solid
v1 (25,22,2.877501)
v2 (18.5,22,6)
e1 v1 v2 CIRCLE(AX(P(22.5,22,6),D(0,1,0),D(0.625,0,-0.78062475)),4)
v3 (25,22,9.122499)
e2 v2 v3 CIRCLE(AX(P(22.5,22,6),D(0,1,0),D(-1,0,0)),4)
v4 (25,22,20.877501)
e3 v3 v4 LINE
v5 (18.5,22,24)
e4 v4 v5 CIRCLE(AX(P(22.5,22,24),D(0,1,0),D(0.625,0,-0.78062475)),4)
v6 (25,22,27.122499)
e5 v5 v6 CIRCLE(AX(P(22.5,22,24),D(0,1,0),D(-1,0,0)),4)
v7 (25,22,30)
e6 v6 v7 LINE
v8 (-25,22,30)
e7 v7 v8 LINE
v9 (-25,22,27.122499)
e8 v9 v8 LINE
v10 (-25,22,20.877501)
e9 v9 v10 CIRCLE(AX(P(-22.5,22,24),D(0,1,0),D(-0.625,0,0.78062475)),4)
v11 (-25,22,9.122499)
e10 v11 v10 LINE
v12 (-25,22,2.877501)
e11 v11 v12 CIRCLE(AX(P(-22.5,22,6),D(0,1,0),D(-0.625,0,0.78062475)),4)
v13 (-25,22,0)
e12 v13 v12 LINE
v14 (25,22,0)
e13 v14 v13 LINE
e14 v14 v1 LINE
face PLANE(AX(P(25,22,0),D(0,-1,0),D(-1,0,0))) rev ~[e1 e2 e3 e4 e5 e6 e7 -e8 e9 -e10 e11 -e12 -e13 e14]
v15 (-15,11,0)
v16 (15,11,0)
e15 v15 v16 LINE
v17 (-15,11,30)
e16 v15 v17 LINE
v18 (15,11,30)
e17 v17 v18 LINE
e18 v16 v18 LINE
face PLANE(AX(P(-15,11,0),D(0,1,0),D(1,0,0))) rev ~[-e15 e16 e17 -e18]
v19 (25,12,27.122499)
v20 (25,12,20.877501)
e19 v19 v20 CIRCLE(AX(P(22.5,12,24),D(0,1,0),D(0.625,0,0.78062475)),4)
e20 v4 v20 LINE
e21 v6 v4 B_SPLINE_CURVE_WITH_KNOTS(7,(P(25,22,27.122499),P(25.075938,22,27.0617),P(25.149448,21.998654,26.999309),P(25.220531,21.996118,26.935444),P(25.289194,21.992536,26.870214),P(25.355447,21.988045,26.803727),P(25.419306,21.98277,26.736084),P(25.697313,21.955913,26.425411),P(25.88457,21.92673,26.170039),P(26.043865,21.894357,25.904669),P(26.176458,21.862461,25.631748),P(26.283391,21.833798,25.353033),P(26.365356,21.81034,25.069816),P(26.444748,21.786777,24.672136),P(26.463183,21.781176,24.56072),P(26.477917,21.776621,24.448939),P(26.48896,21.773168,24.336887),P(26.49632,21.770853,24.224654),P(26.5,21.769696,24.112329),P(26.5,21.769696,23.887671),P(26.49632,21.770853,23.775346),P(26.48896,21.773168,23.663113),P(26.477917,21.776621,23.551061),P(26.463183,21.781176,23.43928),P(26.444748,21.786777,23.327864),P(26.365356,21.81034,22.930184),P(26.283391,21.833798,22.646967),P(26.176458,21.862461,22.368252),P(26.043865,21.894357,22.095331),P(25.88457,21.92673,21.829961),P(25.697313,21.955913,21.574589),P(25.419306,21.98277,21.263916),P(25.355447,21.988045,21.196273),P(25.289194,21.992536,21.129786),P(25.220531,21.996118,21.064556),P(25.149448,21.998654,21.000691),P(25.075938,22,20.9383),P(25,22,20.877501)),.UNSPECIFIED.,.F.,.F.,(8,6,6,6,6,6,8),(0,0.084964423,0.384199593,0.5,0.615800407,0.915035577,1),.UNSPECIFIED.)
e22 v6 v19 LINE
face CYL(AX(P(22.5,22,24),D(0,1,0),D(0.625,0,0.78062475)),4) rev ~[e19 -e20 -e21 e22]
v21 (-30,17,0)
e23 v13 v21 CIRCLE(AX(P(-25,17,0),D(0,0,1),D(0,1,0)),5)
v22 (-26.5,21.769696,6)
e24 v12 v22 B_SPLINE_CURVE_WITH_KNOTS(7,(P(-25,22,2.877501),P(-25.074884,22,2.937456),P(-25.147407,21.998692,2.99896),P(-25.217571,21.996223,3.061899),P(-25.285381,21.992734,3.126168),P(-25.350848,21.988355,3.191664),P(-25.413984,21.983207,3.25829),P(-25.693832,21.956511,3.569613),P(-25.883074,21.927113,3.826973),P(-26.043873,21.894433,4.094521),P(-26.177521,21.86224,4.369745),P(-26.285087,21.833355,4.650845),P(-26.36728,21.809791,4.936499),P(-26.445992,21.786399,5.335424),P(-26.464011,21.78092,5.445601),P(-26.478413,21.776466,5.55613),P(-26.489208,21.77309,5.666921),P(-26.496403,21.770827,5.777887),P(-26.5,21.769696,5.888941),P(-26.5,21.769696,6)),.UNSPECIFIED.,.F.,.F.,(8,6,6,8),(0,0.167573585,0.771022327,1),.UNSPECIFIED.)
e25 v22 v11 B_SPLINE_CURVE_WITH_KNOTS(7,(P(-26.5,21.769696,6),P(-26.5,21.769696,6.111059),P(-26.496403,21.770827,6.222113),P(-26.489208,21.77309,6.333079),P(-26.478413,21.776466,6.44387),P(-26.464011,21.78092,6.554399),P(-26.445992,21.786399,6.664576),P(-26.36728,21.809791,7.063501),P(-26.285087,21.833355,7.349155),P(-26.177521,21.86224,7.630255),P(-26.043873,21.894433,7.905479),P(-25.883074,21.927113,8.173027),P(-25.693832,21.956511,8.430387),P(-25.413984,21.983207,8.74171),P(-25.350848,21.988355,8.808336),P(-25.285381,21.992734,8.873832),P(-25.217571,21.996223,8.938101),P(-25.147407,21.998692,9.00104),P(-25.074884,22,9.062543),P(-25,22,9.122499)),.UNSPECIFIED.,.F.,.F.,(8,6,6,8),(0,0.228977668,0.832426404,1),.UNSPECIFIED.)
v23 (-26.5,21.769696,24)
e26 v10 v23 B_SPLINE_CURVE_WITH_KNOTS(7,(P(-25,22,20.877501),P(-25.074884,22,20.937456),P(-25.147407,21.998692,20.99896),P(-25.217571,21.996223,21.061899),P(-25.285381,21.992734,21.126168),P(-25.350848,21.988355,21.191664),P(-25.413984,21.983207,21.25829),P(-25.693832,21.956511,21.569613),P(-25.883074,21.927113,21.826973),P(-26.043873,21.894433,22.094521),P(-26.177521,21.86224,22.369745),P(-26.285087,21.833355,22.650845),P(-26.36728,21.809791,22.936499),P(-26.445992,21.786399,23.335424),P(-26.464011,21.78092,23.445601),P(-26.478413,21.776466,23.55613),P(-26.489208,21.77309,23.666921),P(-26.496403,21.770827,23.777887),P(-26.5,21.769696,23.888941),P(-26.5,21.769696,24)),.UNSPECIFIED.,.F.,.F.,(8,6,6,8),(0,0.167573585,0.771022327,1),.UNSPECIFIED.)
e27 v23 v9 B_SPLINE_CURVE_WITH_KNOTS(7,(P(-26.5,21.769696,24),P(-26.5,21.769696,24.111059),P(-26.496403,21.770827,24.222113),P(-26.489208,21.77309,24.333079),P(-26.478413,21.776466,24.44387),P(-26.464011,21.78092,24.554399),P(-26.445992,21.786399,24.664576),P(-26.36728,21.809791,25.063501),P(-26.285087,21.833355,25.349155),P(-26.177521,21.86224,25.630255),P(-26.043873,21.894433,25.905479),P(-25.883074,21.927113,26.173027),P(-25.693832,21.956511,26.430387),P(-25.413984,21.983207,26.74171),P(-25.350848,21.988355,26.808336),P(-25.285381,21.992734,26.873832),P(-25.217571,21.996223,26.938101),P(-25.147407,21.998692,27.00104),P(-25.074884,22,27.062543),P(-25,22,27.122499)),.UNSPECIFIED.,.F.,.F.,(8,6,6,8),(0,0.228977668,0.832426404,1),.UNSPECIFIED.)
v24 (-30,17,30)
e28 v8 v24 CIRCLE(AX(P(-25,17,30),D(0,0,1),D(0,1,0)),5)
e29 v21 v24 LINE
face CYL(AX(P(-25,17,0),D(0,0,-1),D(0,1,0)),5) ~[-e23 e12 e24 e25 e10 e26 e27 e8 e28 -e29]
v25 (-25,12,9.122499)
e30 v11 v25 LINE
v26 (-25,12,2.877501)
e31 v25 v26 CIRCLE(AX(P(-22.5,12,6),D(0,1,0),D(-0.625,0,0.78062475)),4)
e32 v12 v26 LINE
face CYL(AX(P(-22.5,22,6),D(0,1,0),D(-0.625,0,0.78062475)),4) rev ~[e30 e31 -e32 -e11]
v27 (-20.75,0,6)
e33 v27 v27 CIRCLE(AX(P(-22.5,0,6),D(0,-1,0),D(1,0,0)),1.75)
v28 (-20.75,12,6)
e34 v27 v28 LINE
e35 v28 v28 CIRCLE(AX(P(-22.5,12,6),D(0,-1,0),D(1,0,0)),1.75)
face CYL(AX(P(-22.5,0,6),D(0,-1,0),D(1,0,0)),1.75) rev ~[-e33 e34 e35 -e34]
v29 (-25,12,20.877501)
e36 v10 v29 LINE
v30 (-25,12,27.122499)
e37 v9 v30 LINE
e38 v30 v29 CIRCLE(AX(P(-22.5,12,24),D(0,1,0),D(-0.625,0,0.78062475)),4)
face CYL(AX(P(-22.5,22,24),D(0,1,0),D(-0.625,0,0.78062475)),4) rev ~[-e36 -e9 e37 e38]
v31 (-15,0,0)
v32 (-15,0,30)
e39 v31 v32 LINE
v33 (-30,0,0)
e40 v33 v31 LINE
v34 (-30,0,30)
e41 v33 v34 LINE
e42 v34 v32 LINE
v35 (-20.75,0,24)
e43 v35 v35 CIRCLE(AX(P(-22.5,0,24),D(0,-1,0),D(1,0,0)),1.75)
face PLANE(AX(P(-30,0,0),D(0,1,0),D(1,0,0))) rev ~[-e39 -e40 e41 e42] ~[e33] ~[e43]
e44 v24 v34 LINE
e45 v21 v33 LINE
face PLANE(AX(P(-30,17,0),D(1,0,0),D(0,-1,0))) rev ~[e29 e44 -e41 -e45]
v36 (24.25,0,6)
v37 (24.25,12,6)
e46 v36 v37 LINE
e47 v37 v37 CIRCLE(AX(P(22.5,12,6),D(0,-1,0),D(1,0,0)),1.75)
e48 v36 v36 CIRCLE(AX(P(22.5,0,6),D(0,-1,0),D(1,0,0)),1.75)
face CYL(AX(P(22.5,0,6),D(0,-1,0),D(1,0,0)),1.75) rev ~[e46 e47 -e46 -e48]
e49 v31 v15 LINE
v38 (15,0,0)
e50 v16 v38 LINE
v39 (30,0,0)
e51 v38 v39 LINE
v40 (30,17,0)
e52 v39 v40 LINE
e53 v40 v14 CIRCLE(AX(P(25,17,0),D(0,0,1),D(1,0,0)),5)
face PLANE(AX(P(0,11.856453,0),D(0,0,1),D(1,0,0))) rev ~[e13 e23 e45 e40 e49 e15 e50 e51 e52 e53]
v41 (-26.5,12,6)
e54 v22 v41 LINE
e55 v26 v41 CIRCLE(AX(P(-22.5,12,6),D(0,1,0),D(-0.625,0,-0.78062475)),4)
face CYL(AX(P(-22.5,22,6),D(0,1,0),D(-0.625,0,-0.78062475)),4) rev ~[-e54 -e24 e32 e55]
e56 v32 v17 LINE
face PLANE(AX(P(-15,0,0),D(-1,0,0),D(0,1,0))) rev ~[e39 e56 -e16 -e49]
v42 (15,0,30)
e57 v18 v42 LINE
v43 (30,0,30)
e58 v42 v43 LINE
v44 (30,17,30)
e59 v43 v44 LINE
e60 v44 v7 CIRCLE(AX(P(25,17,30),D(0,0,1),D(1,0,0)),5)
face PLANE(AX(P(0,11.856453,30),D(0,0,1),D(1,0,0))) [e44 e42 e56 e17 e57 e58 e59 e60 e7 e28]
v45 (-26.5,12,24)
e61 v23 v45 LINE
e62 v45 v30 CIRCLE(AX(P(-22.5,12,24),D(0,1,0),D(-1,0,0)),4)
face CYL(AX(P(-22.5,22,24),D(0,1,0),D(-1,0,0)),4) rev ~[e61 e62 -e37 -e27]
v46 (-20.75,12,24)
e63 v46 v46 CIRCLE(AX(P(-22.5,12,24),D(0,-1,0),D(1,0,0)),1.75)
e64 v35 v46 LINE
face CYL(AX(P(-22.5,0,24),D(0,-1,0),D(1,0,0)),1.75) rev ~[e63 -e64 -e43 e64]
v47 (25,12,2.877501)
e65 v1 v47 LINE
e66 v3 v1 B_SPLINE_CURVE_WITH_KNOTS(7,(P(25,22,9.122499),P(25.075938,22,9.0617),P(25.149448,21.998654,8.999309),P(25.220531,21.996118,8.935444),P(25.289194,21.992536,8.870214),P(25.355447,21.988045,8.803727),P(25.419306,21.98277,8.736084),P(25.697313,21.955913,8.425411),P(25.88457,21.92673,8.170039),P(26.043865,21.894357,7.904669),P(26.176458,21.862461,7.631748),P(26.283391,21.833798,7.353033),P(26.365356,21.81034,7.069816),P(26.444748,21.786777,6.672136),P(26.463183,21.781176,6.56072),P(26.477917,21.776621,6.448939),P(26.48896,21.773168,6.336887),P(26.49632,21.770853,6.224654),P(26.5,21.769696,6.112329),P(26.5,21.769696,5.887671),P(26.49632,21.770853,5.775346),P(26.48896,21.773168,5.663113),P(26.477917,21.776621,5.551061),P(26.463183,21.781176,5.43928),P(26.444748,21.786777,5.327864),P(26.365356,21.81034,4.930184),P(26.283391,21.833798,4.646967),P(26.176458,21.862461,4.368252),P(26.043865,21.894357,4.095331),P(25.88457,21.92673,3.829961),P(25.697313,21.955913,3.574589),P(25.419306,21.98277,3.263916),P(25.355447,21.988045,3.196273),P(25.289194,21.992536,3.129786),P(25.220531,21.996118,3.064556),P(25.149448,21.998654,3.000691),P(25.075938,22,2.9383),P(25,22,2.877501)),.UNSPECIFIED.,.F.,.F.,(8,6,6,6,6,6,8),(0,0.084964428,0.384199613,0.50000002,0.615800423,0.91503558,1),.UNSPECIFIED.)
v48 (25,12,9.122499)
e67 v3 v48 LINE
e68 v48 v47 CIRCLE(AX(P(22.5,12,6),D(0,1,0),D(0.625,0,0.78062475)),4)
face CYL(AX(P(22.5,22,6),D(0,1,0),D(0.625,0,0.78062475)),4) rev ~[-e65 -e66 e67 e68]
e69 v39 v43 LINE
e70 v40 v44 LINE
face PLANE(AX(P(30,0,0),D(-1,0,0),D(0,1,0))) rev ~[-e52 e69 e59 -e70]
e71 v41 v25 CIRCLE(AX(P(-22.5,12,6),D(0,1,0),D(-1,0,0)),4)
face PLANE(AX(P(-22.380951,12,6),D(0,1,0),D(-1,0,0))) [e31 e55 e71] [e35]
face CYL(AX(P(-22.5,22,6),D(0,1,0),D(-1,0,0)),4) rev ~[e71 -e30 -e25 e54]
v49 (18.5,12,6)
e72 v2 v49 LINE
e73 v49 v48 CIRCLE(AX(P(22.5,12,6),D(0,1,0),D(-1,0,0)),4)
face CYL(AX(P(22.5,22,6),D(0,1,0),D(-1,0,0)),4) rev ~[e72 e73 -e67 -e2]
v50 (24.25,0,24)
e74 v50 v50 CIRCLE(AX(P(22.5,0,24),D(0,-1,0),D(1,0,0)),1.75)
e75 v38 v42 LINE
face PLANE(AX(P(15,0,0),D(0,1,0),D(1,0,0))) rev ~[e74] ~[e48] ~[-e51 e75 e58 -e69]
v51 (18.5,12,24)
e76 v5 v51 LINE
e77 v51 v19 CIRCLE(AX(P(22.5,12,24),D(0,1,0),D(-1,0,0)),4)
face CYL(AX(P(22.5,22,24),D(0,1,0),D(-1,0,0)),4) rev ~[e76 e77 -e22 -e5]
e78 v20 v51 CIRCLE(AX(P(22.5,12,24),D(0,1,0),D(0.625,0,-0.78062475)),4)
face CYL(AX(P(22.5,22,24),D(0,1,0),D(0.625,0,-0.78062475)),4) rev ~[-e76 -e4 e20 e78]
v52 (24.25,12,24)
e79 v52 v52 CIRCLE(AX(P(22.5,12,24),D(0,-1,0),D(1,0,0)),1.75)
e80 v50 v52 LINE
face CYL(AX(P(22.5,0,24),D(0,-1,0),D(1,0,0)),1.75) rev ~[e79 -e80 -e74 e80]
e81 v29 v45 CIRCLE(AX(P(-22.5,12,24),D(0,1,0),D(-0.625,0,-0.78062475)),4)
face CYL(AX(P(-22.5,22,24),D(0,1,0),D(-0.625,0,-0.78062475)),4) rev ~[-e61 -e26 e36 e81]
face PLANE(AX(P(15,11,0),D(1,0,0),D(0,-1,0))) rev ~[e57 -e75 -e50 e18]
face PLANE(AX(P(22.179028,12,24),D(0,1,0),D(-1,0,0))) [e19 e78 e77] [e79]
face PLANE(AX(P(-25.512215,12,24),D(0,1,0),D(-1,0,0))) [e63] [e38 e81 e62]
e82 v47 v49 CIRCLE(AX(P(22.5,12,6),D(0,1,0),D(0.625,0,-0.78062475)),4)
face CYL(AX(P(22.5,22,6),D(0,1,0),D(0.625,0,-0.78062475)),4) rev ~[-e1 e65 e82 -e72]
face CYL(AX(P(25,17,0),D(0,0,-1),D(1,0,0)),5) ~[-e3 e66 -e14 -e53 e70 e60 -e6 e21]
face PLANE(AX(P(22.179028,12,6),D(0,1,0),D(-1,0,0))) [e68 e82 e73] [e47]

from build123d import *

# Parameters (mm, degrees)
F1_DEPTH = 30
F2_R     = 1.75
F3_R     = 1.75
F4_DEPTH = 22.001
F5_R     = 1.75
F6_DEPTH = 10


with BuildPart() as f1:
    # F0 (on Top) → F1 (new body)
    with BuildSketch(Plane.XY):
        with BuildLine():
            Line((25, 22), (-25, 22))
            ThreePointArc((-25, 22), (-28.5355339059, 20.5355339059), (-30, 17))
            Line((-30, 17), (-30, 0))
            Line((-30, 0), (-15, 0))
            Line((-15, 0), (-15, 11))
            Line((-15, 11), (15, 11))
            Line((15, 11), (15, 0))
            Line((15, 0), (30, 0))
            Line((30, 0), (30, 17))
            ThreePointArc((30, 17), (28.5355339059, 20.5355339059), (25, 22))
        make_face()
    extrude(amount=F1_DEPTH)

    # F2 (on face) + F3 (on face) → F4 (cut, through all)
    with BuildSketch(Plane.XZ):
        with Locations((-22.5, 24)):
            Circle(F2_R)
        with Locations((-22.5, 6)):
            Circle(F2_R)
    with BuildSketch(Plane.XZ):
        with Locations((22.5, 6)):
            Circle(F3_R)
        with Locations((22.5, 24)):
            Circle(F3_R)
    extrude(amount=-F4_DEPTH, mode=Mode.SUBTRACT)

    # F5 (on face) → F6 (cut)
    with BuildSketch(Plane(origin=(0, 22, 0), x_dir=(-1, 0, 0), z_dir=(0, 1, 0))):
        with BuildLine():
            ThreePointArc((25, 20.8775010008), (26.1055512755, 22.2679491924), (26.5, 24))
            ThreePointArc((26.5, 24), (26.1055512755, 25.7320508076), (25, 27.1224989992))
            Line((25, 27.1224989992), (25, 20.8775010008))
        make_face()
        with BuildLine():
            Line((25, 20.8775010008), (25, 27.1224989992))
            ThreePointArc((25, 27.1224989992), (18.5, 24), (25, 20.8775010008))
        make_face()
        with Locations((22.5, 24)):
            Circle(F5_R, mode=Mode.SUBTRACT)
        with BuildLine():
            Line((25, 2.8775010008), (25, 9.1224989992))
            ThreePointArc((25, 9.1224989992), (18.5, 6), (25, 2.8775010008))
        make_face()
        with Locations((22.5, 6)):
            Circle(F5_R, mode=Mode.SUBTRACT)
        with BuildLine():
            ThreePointArc((26.5, 6), (26.1055512755, 7.7320508076), (25, 9.1224989992))
            Line((25, 9.1224989992), (25, 2.8775010008))
            ThreePointArc((25, 2.8775010008), (26.1055512755, 4.2679491924), (26.5, 6))
        make_face()
        with BuildLine():
            ThreePointArc((-18.5, 6), (-20.7679491924, 9.6055512755), (-25, 9.1224989992))
            Line((-25, 9.1224989992), (-25, 2.8775010008))
            ThreePointArc((-25, 2.8775010008), (-20.7679491924, 2.3944487245), (-18.5, 6))
        make_face()
        with Locations((-22.5, 6)):
            Circle(F5_R, mode=Mode.SUBTRACT)
        with BuildLine():
            Line((-25, 2.8775010008), (-25, 9.1224989992))
            ThreePointArc((-25, 9.1224989992), (-26.5, 6), (-25, 2.8775010008))
        make_face()
        with BuildLine():
            ThreePointArc((-18.5, 24), (-20.7679491924, 27.6055512755), (-25, 27.1224989992))
            Line((-25, 27.1224989992), (-25, 20.8775010008))
            ThreePointArc((-25, 20.8775010008), (-20.7679491924, 20.3944487245), (-18.5, 24))
        make_face()
        with Locations((-22.5, 24)):
            Circle(F5_R, mode=Mode.SUBTRACT)
        with BuildLine():
            Line((-25, 20.8775010008), (-25, 27.1224989992))
            ThreePointArc((-25, 27.1224989992), (-26.5, 24), (-25, 20.8775010008))
        make_face()
    extrude(amount=-F6_DEPTH, mode=Mode.SUBTRACT)


solid = f1.part
